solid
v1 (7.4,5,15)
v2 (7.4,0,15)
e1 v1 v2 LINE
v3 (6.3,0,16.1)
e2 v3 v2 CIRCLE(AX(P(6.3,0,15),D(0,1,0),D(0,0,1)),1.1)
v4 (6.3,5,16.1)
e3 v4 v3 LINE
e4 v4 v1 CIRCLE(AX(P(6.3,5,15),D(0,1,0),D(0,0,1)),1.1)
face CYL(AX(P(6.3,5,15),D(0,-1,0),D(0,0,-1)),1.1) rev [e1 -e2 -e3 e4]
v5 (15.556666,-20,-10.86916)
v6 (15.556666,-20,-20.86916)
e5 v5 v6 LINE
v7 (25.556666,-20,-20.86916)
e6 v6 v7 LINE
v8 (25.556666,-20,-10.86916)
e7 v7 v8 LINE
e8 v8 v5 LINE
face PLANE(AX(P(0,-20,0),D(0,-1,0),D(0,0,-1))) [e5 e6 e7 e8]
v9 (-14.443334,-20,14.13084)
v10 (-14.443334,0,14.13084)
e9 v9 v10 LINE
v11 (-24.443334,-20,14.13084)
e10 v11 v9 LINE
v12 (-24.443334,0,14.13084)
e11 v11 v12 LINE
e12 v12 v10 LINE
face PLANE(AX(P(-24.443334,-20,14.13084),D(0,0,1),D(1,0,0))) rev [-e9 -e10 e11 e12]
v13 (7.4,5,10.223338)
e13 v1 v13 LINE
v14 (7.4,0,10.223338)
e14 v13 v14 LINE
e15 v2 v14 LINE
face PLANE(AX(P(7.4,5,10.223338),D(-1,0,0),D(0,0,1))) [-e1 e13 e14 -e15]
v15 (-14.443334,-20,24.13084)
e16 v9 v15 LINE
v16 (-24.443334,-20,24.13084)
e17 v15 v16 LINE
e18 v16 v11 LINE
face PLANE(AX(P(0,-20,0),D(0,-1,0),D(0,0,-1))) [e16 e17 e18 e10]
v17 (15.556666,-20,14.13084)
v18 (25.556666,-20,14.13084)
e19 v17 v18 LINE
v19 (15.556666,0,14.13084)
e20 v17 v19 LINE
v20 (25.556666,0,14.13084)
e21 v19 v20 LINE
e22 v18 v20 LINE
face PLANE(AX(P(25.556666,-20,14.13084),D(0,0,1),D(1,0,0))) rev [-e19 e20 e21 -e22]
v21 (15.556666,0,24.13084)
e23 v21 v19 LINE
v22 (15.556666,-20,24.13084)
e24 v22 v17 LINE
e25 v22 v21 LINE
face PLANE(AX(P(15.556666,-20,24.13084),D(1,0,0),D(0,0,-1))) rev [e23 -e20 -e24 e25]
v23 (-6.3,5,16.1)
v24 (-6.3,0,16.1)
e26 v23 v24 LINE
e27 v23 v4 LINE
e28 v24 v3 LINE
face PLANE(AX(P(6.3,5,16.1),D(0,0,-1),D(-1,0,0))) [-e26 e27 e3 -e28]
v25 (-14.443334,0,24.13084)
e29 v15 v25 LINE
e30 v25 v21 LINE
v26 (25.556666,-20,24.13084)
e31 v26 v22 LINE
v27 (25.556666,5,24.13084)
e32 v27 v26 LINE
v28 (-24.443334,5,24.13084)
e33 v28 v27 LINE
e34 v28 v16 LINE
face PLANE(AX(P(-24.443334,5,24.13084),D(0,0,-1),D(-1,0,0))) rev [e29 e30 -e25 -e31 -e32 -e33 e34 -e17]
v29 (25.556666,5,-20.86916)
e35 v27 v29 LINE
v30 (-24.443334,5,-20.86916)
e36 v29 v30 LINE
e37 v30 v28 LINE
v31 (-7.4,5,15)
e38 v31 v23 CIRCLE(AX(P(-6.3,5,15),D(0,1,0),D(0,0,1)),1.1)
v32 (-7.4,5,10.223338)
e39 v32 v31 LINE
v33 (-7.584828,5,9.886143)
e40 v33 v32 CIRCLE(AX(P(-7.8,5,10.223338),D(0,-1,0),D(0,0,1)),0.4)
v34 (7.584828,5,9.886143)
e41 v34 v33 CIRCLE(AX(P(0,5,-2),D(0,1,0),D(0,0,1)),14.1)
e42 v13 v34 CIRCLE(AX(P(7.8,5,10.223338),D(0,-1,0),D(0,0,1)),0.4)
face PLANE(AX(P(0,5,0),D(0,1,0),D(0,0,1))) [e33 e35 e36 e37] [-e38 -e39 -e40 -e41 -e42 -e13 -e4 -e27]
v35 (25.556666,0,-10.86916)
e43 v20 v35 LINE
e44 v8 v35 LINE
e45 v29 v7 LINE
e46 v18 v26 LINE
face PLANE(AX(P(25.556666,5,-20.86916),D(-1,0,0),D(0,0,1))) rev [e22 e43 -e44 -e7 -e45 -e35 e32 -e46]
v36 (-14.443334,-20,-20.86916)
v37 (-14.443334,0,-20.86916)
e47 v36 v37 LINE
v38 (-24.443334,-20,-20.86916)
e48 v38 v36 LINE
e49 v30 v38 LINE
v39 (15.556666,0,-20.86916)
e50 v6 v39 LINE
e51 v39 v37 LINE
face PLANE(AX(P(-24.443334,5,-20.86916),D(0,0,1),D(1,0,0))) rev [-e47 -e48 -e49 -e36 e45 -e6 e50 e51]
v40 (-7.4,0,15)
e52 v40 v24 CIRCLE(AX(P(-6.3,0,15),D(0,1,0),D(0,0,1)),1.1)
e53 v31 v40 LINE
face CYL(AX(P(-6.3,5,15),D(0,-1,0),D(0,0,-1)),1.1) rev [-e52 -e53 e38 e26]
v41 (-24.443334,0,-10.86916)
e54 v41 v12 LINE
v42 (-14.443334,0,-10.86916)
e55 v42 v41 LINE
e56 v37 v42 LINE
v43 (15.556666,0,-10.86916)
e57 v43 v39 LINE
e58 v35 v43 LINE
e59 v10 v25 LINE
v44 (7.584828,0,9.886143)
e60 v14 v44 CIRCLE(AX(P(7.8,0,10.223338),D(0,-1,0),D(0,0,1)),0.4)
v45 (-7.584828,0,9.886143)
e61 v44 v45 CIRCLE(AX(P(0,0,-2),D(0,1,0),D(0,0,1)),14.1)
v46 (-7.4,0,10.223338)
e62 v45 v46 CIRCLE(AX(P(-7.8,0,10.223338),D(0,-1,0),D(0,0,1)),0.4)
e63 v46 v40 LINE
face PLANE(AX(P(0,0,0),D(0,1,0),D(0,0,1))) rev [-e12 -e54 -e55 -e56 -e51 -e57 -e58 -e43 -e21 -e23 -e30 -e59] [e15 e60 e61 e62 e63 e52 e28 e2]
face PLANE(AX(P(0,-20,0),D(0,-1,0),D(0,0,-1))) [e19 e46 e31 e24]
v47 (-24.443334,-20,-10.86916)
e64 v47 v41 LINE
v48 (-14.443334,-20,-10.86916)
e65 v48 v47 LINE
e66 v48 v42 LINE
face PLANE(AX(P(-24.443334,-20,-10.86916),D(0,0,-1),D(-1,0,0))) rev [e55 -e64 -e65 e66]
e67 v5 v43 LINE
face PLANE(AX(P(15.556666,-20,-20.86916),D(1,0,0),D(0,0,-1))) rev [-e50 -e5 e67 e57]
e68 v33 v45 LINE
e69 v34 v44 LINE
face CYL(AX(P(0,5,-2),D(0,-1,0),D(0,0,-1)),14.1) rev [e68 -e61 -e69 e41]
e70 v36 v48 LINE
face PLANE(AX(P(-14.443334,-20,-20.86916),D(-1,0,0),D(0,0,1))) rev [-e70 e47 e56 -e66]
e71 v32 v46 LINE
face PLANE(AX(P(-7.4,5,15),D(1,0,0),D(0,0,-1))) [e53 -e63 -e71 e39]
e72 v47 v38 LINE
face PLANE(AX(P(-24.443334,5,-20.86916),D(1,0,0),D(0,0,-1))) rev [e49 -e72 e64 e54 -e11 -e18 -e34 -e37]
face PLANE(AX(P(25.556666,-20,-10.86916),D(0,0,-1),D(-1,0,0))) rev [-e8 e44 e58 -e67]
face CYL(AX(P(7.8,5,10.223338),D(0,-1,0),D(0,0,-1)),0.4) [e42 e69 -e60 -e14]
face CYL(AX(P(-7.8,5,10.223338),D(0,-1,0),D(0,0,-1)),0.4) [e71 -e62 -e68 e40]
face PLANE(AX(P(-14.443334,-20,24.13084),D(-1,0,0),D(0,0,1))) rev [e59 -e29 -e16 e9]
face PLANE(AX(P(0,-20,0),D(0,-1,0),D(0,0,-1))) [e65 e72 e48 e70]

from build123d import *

# Parameters (mm, degrees)
SKETCH1_W           = 50
SKETCH1_H           = 45
BOSS_EXTRUDE1_DEPTH = 5
SKETCH2_W           = 10
SKETCH2_H           = 10
BOSS_EXTRUDE2_DEPTH = 20


with BuildPart() as part:
    # Sketch1 → Boss-Extrude1 (new body)
    with BuildSketch(Plane(origin=(0, 0, 0), x_dir=(1, 0, 0), z_dir=(0, 1, 0))):
        with Locations((0.556666279, -1.630839984)):
            Rectangle(SKETCH1_W, SKETCH1_H)
        with BuildLine():
            Line((-7.4, -15), (-7.4, -10.223338333))
            ThreePointArc((-7.4, -10.223338333), (-7.449237284, -10.031074147), (-7.584827586, -9.886142793))
            ThreePointArc((-7.584827586, -9.886142793), (0, 16.1), (7.584827586, -9.886142793))
            ThreePointArc((7.584827586, -9.886142793), (7.449237284, -10.031074147), (7.4, -10.223338333))
            Line((7.4, -10.223338333), (7.4, -15))
            ThreePointArc((7.4, -15), (7.077817459, -15.777817459), (6.3, -16.1))
            Line((6.3, -16.1), (-6.3, -16.1))
            ThreePointArc((-6.3, -16.1), (-7.077817459, -15.777817459), (-7.4, -15))
        make_face(mode=Mode.SUBTRACT)
    extrude(amount=BOSS_EXTRUDE1_DEPTH)

    # Sketch2 → Boss-Extrude2 (add)
    with BuildSketch(Plane.XZ):
        with Locations((-19.443333721, 19.130839984)):
            Rectangle(SKETCH2_W, SKETCH2_H)
        with Locations((-19.443333721, -15.869160016)):
            Rectangle(SKETCH2_W, SKETCH2_H)
        with Locations((20.556666279, -15.869160016)):
            Rectangle(SKETCH2_W, SKETCH2_H)
        with Locations((20.556666279, 19.130839984)):
            Rectangle(SKETCH2_W, SKETCH2_H)
    extrude(amount=BOSS_EXTRUDE2_DEPTH)


solid = part.part
